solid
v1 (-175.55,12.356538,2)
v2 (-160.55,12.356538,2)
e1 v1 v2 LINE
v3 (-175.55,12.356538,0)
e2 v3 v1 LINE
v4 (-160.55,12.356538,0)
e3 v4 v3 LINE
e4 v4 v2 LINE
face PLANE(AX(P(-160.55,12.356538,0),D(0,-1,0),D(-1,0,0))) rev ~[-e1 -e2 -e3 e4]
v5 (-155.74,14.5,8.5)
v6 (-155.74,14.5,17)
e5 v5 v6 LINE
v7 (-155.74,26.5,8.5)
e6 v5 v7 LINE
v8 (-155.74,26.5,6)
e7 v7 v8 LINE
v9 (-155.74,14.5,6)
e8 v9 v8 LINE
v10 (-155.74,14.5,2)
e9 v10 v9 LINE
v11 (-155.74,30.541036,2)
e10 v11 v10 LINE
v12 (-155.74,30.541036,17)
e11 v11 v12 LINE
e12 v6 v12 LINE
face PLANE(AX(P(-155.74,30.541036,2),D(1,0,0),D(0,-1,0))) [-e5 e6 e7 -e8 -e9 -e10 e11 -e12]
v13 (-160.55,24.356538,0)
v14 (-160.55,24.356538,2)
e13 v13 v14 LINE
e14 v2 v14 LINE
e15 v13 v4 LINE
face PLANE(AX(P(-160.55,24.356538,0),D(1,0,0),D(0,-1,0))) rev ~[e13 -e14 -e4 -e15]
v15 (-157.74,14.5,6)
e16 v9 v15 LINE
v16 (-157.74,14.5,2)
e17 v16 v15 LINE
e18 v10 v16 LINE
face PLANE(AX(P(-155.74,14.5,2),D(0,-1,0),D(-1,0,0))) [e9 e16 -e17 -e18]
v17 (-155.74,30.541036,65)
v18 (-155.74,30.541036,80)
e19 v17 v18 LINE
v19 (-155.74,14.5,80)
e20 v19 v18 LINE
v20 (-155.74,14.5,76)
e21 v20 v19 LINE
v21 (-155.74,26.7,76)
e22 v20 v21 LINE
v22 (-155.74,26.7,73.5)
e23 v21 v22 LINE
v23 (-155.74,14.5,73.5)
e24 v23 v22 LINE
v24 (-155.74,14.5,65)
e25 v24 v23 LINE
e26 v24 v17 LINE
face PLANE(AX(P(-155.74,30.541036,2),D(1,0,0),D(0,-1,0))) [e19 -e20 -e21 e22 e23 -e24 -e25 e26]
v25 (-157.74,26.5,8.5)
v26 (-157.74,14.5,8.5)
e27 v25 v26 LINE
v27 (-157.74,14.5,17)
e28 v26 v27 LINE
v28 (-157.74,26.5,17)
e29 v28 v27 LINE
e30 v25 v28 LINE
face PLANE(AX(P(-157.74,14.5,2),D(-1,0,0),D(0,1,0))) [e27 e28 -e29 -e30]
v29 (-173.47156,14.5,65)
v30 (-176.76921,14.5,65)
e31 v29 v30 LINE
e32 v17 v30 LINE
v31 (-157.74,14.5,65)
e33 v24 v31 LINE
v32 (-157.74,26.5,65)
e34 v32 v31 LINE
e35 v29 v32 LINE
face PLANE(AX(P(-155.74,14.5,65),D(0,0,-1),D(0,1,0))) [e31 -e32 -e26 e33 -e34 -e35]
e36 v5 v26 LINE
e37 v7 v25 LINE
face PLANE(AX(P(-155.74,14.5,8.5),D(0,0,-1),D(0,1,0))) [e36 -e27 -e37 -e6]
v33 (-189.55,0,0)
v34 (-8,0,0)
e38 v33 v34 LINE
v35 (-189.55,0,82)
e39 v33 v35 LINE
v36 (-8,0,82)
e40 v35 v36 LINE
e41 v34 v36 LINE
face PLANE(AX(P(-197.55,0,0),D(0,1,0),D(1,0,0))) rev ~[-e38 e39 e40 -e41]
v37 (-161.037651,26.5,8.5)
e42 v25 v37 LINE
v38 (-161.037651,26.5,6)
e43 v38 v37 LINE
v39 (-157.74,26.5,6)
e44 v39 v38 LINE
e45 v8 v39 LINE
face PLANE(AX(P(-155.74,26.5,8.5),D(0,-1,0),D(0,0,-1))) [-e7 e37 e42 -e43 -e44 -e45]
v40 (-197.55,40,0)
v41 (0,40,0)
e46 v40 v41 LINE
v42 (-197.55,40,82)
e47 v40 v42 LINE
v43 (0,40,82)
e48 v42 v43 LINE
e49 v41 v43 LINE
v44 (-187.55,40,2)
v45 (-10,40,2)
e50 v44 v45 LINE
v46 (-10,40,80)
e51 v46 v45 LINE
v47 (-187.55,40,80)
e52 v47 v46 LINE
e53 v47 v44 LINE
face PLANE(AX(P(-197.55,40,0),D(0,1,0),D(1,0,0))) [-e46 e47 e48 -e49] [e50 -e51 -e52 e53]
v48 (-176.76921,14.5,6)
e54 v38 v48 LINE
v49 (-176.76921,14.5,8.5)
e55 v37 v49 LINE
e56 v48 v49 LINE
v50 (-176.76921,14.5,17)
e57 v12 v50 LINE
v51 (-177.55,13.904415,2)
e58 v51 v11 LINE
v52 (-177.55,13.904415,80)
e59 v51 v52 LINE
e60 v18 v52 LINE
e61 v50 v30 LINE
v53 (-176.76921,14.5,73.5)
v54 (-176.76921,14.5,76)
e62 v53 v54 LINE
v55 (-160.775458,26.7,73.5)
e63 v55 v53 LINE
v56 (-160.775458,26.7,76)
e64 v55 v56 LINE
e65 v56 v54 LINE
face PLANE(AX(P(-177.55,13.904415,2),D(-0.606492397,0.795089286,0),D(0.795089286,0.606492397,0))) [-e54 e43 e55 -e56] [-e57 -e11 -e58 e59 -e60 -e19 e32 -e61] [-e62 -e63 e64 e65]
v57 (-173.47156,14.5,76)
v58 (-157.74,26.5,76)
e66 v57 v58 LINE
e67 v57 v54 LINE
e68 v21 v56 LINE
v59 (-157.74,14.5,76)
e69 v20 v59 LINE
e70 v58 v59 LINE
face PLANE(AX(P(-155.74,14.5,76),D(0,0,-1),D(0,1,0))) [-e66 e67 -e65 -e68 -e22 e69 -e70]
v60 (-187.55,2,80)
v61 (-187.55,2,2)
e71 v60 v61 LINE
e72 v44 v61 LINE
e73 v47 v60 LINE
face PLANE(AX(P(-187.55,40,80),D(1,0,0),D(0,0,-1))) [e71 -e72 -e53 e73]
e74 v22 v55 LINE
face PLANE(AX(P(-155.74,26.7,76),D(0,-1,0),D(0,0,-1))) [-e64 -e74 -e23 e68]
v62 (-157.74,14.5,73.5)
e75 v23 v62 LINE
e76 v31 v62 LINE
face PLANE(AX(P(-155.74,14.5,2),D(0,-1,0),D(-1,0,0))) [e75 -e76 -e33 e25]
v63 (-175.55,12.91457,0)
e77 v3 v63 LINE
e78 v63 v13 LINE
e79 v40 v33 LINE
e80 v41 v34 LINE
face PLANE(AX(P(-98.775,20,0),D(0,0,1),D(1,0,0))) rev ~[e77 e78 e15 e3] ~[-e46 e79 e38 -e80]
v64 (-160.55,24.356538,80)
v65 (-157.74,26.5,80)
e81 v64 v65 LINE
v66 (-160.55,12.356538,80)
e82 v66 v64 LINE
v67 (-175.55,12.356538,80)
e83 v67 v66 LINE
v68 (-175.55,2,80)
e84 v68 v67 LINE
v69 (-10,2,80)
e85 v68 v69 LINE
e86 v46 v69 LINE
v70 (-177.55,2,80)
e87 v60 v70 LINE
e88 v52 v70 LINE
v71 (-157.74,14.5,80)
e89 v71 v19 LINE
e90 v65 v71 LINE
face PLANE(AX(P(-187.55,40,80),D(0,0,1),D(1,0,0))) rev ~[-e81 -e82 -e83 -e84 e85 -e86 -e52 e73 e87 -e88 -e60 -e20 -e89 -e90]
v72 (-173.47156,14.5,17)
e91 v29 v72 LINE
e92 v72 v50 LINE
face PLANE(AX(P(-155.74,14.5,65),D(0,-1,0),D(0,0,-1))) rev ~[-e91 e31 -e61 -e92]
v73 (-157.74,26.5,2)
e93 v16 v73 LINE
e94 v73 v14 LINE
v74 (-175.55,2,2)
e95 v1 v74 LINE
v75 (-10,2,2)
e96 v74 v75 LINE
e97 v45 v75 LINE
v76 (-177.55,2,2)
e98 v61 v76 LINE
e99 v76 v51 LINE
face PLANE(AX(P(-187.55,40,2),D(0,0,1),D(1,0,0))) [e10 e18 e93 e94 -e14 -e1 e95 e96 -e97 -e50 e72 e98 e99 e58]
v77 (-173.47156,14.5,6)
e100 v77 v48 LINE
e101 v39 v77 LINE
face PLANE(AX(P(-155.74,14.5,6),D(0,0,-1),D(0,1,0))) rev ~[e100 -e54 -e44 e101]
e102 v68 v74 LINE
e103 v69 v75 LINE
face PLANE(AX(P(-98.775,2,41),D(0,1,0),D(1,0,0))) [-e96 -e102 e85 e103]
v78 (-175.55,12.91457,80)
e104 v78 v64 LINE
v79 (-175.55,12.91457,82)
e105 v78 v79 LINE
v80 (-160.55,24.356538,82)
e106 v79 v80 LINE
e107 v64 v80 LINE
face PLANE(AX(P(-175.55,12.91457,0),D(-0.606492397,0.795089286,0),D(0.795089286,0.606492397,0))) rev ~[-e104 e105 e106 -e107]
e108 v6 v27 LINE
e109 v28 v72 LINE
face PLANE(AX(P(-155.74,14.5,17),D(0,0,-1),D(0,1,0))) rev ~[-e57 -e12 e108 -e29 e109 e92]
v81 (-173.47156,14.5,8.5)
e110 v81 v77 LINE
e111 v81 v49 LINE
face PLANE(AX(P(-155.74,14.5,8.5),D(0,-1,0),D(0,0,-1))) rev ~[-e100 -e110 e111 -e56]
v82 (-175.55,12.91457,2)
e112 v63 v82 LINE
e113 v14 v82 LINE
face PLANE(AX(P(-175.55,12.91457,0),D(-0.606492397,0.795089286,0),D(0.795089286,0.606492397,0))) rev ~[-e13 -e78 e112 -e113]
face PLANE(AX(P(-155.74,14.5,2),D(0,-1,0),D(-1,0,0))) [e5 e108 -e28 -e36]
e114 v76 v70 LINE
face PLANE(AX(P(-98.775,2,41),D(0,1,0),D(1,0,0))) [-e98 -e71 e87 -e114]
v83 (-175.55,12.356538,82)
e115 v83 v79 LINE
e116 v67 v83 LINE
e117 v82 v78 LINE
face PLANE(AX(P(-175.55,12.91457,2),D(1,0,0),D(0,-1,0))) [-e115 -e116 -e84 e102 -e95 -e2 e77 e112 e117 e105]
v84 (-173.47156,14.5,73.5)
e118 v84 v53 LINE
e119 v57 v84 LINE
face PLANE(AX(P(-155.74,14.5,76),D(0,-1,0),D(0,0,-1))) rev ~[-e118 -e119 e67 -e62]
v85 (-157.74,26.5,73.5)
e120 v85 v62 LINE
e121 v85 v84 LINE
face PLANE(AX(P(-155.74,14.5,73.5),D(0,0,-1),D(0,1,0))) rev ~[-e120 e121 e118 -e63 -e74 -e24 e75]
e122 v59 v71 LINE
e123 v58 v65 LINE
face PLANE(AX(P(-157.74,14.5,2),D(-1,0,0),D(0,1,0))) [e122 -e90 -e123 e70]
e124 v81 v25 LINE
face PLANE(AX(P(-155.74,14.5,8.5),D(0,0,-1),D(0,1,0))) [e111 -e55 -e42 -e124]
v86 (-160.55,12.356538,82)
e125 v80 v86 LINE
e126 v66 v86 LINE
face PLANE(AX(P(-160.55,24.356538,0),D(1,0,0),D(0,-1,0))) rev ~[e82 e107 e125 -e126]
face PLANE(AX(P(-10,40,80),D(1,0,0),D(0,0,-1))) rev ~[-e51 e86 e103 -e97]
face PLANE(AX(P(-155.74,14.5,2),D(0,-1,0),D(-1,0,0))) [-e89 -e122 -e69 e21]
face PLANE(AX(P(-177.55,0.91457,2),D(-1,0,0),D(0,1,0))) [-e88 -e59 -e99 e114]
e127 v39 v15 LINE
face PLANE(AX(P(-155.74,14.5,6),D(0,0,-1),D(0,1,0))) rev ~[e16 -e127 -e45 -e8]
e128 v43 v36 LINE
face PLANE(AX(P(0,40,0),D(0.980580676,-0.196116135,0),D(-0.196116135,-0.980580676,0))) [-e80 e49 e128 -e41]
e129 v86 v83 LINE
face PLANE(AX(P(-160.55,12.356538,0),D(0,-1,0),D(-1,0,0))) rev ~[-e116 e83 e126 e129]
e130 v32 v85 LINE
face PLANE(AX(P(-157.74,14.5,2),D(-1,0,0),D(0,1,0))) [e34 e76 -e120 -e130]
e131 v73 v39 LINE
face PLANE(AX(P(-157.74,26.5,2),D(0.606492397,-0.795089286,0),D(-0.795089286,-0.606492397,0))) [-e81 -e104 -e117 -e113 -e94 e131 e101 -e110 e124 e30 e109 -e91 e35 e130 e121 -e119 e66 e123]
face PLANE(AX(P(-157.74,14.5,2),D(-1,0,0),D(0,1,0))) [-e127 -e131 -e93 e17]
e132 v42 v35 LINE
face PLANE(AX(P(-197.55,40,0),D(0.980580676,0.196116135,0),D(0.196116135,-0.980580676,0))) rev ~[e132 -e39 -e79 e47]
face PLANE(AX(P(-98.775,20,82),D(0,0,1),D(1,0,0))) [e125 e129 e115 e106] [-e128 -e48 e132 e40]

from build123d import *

# Parameters (mm, degrees)
ESQUISSE1_W             = 197.55
ESQUISSE1_H             = 40
BOSS_EXTRU_1_DEPTH      = 82
ESQUISSE2_W             = 177.55
ESQUISSE2_H             = 78
ENL_V_MAT_EXTRU_1_DEPTH = 38
ENL_V_MAT_EXTRU_4_DEPTH = 82
BOSS_EXTRU_6_DEPTH      = 78.5
ESQUISSE8_W             = 48
ESQUISSE8_H             = 16.041036462
ENL_V_MAT_EXTRU_5_DEPTH = 26.4
ESQUISSE9_W             = 2.5
ESQUISSE9_H             = 12.2
ENL_V_MAT_EXTRU_6_DEPTH = 26.4
ESQUISSE10_W            = 2.5
ESQUISSE10_H            = 12
ENL_V_MAT_EXTRU_7_DEPTH = 26.4
ENL_V_MAT_EXTRU_9_DEPTH = 82


with BuildPart() as part:
    # Esquisse1 → Boss.-Extru.1 (new body)
    with BuildSketch(Plane.XY):
        with Locations((-98.775, 20)):
            Rectangle(ESQUISSE1_W, ESQUISSE1_H)
    extrude(amount=BOSS_EXTRU_1_DEPTH)

    # Esquisse2 → Enlèv. mat.-Extru.1 (cut)
    with BuildSketch(Plane(origin=(0, 40, 0), x_dir=(1, 0, 0), z_dir=(0, 1, 0))):
        with Locations((-98.775, -41)):
            Rectangle(ESQUISSE2_W, ESQUISSE2_H)
    extrude(amount=-ENL_V_MAT_EXTRU_1_DEPTH, mode=Mode.SUBTRACT)

    # Esquisse3 → Enlèv. mat.-Extru.4 (cut)
    with BuildSketch(Plane.XY):
        Polygon((-197.55, 40), (-189.55, 0), (-197.55, 0), align=None)
        Polygon((0, 40), (-8, 0), (0, 0), align=None)
    extrude(amount=ENL_V_MAT_EXTRU_4_DEPTH, mode=Mode.SUBTRACT)

    # Esquisse6 → Boss.-Extru.6 (add)
    with BuildSketch(Plane.XY.offset(2)):
        Polygon((-175.55, 12.914570305), (-175.55, 0.914570305), (-177.55, 0.914570305), (-177.55, 13.90441537), (-155.74, 30.541036462), (-155.74, 14.5), (-157.74, 14.5), (-157.74, 26.5), align=None)
    extrude(amount=BOSS_EXTRU_6_DEPTH)

    # Esquisse8 → Enlèv. mat.-Extru.5 (cut)
    with BuildSketch(Plane(origin=(-155.74, 0, 0), x_dir=(0, 0, -1), z_dir=(1, 0, 0))):
        with Locations((-41, 22.520518231)):
            Rectangle(ESQUISSE8_W, ESQUISSE8_H)
    extrude(amount=-ENL_V_MAT_EXTRU_5_DEPTH, mode=Mode.SUBTRACT)

    # Esquisse9 → Enlèv. mat.-Extru.6 (cut)
    with BuildSketch(Plane(origin=(-155.74, 0, 0), x_dir=(0, 0, -1), z_dir=(1, 0, 0))):
        with Locations((-74.75, 20.6)):
            Rectangle(ESQUISSE9_W, ESQUISSE9_H)
    extrude(amount=-ENL_V_MAT_EXTRU_6_DEPTH, mode=Mode.SUBTRACT)

    # Esquisse10 → Enlèv. mat.-Extru.7 (cut)
    with BuildSketch(Plane(origin=(-155.74, 0, 0), x_dir=(0, 0, -1), z_dir=(1, 0, 0))):
        with Locations((-7.25, 20.5)):
            Rectangle(ESQUISSE10_W, ESQUISSE10_H)
    extrude(amount=-ENL_V_MAT_EXTRU_7_DEPTH, mode=Mode.SUBTRACT)

    # Esquisse11 → Enlèv. mat.-Extru.9 (cut)
    with BuildSketch(Plane(origin=(0, 0, 0), x_dir=(-1, 0, 0), z_dir=(0, 0, -1))):
        Polygon((175.55, 12.914570305), (160.55, 24.356538044), (160.55, 12.356538044), (175.55, 12.356538044), align=None)
    extrude(amount=-ENL_V_MAT_EXTRU_9_DEPTH, mode=Mode.SUBTRACT)


solid = part.part
